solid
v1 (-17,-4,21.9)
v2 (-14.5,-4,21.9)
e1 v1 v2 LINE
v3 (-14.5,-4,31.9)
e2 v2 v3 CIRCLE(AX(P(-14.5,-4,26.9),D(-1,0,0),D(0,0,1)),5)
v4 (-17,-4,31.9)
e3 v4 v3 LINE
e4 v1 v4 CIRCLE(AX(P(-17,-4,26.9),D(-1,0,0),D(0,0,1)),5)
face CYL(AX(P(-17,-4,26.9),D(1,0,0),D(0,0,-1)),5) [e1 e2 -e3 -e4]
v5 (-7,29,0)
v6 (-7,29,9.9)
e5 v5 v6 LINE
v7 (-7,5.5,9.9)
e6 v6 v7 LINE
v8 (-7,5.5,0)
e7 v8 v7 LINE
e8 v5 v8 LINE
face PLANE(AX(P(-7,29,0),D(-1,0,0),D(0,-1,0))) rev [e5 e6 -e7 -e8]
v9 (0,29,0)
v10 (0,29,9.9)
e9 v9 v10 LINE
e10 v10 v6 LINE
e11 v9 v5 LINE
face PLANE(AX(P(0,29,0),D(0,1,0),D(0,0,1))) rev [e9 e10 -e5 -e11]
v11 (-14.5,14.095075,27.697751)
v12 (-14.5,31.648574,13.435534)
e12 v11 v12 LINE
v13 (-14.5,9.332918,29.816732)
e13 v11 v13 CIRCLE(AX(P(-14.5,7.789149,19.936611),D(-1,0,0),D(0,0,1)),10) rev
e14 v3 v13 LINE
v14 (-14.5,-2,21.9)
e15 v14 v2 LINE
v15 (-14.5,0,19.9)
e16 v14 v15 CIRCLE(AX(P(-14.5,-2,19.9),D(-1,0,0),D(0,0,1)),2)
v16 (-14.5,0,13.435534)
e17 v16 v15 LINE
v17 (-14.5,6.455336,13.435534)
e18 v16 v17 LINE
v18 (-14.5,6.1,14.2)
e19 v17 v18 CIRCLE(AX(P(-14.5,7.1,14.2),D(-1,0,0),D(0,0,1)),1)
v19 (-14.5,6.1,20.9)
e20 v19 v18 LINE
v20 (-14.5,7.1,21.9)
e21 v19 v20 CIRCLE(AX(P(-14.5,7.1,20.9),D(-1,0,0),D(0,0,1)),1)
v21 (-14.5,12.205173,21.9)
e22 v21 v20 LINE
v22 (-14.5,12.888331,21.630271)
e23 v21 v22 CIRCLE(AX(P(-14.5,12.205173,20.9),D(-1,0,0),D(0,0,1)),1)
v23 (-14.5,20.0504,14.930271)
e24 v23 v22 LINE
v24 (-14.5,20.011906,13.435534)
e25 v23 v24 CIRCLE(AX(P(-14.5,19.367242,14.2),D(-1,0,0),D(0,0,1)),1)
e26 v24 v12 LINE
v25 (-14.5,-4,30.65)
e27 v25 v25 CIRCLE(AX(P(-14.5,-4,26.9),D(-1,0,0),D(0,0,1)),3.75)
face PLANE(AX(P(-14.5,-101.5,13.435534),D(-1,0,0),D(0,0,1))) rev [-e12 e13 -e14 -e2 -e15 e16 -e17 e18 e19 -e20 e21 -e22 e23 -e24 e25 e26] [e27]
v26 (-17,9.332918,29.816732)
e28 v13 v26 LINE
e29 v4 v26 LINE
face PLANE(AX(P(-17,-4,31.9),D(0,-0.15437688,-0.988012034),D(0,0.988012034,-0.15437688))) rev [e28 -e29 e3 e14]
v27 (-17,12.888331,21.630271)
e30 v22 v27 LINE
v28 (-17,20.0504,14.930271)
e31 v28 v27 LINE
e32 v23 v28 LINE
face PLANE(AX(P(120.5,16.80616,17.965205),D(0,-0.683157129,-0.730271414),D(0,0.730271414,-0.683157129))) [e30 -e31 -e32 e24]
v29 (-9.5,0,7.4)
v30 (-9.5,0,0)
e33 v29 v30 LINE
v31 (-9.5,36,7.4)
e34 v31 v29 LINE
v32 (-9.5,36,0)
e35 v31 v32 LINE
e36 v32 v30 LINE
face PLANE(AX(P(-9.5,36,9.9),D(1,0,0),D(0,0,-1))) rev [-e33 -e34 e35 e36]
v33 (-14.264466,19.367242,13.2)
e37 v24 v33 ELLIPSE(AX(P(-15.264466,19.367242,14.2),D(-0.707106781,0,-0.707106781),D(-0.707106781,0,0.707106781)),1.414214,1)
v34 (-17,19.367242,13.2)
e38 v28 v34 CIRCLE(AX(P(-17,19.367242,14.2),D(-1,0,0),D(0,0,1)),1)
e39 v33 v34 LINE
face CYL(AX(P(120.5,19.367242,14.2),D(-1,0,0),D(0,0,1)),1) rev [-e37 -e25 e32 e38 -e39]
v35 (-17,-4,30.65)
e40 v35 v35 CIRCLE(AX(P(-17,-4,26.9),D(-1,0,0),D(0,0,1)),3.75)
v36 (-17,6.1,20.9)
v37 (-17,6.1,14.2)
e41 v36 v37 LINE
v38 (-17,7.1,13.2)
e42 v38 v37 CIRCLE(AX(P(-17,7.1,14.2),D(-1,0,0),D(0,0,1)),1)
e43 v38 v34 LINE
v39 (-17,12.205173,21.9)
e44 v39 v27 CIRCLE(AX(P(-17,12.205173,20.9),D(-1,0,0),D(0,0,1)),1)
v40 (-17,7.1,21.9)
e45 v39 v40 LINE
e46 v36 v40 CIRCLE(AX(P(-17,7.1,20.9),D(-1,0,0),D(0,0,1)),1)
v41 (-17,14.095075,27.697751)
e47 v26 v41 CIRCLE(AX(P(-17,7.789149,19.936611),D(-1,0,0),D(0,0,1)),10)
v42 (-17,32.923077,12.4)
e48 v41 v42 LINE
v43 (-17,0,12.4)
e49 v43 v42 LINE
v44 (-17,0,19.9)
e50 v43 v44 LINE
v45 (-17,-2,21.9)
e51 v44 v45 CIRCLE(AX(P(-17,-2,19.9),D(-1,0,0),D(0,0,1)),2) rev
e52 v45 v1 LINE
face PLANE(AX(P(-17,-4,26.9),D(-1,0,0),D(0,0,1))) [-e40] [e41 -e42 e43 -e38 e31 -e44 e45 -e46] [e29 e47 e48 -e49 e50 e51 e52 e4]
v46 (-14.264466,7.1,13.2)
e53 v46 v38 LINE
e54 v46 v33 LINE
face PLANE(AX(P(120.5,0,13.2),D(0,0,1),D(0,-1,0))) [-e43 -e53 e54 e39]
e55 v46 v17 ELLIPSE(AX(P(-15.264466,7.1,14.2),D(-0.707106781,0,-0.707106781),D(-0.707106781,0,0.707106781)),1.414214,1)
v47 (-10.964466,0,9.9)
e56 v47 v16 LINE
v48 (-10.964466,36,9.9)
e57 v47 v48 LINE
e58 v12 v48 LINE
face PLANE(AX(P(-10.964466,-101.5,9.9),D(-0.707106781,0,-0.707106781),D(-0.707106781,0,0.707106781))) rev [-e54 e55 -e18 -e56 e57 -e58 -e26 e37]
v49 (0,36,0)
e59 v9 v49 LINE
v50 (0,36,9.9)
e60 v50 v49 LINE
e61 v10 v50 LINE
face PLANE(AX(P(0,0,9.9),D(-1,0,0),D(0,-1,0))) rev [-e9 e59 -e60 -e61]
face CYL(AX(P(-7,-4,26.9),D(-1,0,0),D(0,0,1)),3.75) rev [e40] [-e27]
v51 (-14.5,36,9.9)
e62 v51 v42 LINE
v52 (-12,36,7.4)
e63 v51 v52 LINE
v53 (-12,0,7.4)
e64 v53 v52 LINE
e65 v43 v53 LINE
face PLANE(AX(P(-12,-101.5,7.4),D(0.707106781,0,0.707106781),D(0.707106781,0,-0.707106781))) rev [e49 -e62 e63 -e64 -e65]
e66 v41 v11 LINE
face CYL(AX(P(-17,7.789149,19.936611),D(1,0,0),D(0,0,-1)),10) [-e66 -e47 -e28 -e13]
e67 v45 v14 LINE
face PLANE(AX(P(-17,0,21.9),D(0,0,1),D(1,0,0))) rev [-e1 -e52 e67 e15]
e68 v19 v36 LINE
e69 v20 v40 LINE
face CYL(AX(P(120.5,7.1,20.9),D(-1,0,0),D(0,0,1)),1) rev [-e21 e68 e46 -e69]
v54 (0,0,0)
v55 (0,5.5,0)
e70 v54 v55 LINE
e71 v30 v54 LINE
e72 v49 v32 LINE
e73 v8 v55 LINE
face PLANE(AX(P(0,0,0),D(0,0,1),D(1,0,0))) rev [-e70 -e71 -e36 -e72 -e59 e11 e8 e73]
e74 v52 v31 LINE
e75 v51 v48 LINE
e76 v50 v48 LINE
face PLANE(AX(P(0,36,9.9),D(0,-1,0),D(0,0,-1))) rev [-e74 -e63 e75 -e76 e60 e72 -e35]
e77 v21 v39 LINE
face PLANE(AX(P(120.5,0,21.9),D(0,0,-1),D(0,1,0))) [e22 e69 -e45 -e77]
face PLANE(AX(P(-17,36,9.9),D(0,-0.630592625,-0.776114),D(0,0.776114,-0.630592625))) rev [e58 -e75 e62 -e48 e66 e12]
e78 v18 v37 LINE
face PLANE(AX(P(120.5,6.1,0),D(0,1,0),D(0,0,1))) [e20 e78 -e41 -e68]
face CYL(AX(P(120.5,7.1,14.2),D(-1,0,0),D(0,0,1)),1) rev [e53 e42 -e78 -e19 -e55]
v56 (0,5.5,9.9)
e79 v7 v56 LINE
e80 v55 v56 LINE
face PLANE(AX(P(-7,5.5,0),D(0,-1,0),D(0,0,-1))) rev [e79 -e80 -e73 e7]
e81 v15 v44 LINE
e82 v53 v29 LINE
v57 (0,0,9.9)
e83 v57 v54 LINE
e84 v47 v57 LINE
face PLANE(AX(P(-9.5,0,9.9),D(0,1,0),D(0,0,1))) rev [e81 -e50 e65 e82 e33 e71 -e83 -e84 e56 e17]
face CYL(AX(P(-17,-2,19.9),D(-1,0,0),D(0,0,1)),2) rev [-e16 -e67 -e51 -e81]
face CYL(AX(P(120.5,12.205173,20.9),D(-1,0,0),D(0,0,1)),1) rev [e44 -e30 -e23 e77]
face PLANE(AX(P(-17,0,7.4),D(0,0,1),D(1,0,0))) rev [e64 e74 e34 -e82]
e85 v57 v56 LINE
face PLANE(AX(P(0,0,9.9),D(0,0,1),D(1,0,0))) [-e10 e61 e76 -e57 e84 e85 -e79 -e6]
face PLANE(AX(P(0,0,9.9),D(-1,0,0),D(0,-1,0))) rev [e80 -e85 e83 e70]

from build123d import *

# Parameters (mm, degrees)
SZKIC1_W                    = 9.5
SZKIC1_H                    = 36
DODANIE_WYCI_GNI_CIE1_DEPTH = 9.9
SZKIC2_W                    = 7
SZKIC2_H                    = 23.5
WYTNIJ_WYCI_GNI_CIE1_DEPTH  = 9.9
SZKIC3_R                    = 2.5
DODANIE_WYCI_GNI_CIE2_DEPTH = 7.5
WYTNIJ_WYCI_GNI_CIE2_DEPTH  = 137.5
WYTNIJ_WYCI_GNI_CIE3_DEPTH  = 137.5
ZAOKR_GLENIE1_R             = 10
ZAOKR_GLENIE2_R             = 2
SZKIC6_R                    = 3.75
WYTNIJ_WYCI_GNI_CIE4_DEPTH  = 10


with BuildPart() as part:
    # Szkic1 → Dodanie-wyciągnięcie1 (new body)
    with BuildSketch(Plane.XY):
        with Locations((-4.75, 18)):
            Rectangle(SZKIC1_W, SZKIC1_H)
    extrude(amount=DODANIE_WYCI_GNI_CIE1_DEPTH)

    # Szkic2 → Wytnij-wyciągnięcie1 (cut)
    with BuildSketch(Plane.XY.offset(9.9)):
        with Locations((-3.5, 17.25)):
            Rectangle(SZKIC2_W, SZKIC2_H)
    extrude(amount=-WYTNIJ_WYCI_GNI_CIE1_DEPTH, mode=Mode.SUBTRACT)

    # Szkic3 → Dodanie-wyciągnięcie2 (add)
    with BuildSketch(Plane.ZY.offset(9.5)):
        with BuildLine():
            Line((7.4, 36), (9.9, 36))
            Line((9.9, 36), (12.4, 32.923076923))
            Line((12.4, 32.923076923), (29.4, 12))
            Line((29.4, 12), (31.9, -4))
            ThreePointArc((31.9, -4), (26.9, -9), (21.9, -4))
            Line((21.9, -4), (21.9, 0))
            Line((21.9, 0), (12.4, 0))
            Line((12.4, 0), (7.4, 0))
            Line((7.4, 0), (7.4, 36))
        make_face()
        with Locations((26.9, -4)):
            Circle(SZKIC3_R, mode=Mode.SUBTRACT)
    extrude(amount=DODANIE_WYCI_GNI_CIE2_DEPTH)

    # Szkic4 → Wytnij-wyciągnięcie2 (cut)
    with BuildSketch(Plane(origin=(0, 36, 0), x_dir=(1, 0, 0), z_dir=(0, 1, 0))):
        Polygon((-12, -7.4), (-22.251097051, -17.651097051), (-26.525986736, -7.4), align=None)
        Polygon((-10.964466094, -9.9), (-14.5, -13.435533906), (-14.5, -34.97095788), (-2.856589665, -34.97095788), (-4.384348652, -9.9), align=None)
    extrude(amount=-WYTNIJ_WYCI_GNI_CIE2_DEPTH, mode=Mode.SUBTRACT)

    # Szkic5 → Wytnij-wyciągnięcie3 (cut)
    with BuildSketch(Plane.ZY.offset(17)):
        with BuildLine():
            Line((14.930271414, 20.050399523), (21.630271414, 12.888330558))
            ThreePointArc((21.630271414, 12.888330558), (21.830126715, 12.572412171), (21.9, 12.205173429))
            Line((21.9, 12.205173429), (21.9, 7.1))
            ThreePointArc((21.9, 7.1), (21.607106781, 6.392893219), (20.9, 6.1))
            Line((20.9, 6.1), (14.2, 6.1))
            ThreePointArc((14.2, 6.1), (13.492893219, 6.392893219), (13.2, 7.1))
            Line((13.2, 7.1), (13.2, 19.367242395))
            ThreePointArc((13.2, 19.367242395), (13.832761259, 20.29736911), (14.930271414, 20.050399523))
        make_face()
    extrude(amount=-WYTNIJ_WYCI_GNI_CIE3_DEPTH, mode=Mode.SUBTRACT)

    # Zaokrąglenie1
    zaokr_glenie1_edges = [part.edges().sort_by_distance(p)[0] for p in [
        (-15.75, 12, 29.4),
    ]]
    fillet(zaokr_glenie1_edges, radius=ZAOKR_GLENIE1_R)

    # Zaokrąglenie2
    zaokr_glenie2_edges = [part.edges().sort_by_distance(p)[0] for p in [
        (-15.75, 0, 21.9),
    ]]
    fillet(zaokr_glenie2_edges, radius=ZAOKR_GLENIE2_R)

    # Szkic6 → Wytnij-wyciągnięcie4 (cut)
    with BuildSketch(Plane.ZY.offset(17)):
        with Locations((26.9, -4)):
            Circle(SZKIC6_R)
    extrude(amount=-WYTNIJ_WYCI_GNI_CIE4_DEPTH, mode=Mode.SUBTRACT)


solid = part.part
